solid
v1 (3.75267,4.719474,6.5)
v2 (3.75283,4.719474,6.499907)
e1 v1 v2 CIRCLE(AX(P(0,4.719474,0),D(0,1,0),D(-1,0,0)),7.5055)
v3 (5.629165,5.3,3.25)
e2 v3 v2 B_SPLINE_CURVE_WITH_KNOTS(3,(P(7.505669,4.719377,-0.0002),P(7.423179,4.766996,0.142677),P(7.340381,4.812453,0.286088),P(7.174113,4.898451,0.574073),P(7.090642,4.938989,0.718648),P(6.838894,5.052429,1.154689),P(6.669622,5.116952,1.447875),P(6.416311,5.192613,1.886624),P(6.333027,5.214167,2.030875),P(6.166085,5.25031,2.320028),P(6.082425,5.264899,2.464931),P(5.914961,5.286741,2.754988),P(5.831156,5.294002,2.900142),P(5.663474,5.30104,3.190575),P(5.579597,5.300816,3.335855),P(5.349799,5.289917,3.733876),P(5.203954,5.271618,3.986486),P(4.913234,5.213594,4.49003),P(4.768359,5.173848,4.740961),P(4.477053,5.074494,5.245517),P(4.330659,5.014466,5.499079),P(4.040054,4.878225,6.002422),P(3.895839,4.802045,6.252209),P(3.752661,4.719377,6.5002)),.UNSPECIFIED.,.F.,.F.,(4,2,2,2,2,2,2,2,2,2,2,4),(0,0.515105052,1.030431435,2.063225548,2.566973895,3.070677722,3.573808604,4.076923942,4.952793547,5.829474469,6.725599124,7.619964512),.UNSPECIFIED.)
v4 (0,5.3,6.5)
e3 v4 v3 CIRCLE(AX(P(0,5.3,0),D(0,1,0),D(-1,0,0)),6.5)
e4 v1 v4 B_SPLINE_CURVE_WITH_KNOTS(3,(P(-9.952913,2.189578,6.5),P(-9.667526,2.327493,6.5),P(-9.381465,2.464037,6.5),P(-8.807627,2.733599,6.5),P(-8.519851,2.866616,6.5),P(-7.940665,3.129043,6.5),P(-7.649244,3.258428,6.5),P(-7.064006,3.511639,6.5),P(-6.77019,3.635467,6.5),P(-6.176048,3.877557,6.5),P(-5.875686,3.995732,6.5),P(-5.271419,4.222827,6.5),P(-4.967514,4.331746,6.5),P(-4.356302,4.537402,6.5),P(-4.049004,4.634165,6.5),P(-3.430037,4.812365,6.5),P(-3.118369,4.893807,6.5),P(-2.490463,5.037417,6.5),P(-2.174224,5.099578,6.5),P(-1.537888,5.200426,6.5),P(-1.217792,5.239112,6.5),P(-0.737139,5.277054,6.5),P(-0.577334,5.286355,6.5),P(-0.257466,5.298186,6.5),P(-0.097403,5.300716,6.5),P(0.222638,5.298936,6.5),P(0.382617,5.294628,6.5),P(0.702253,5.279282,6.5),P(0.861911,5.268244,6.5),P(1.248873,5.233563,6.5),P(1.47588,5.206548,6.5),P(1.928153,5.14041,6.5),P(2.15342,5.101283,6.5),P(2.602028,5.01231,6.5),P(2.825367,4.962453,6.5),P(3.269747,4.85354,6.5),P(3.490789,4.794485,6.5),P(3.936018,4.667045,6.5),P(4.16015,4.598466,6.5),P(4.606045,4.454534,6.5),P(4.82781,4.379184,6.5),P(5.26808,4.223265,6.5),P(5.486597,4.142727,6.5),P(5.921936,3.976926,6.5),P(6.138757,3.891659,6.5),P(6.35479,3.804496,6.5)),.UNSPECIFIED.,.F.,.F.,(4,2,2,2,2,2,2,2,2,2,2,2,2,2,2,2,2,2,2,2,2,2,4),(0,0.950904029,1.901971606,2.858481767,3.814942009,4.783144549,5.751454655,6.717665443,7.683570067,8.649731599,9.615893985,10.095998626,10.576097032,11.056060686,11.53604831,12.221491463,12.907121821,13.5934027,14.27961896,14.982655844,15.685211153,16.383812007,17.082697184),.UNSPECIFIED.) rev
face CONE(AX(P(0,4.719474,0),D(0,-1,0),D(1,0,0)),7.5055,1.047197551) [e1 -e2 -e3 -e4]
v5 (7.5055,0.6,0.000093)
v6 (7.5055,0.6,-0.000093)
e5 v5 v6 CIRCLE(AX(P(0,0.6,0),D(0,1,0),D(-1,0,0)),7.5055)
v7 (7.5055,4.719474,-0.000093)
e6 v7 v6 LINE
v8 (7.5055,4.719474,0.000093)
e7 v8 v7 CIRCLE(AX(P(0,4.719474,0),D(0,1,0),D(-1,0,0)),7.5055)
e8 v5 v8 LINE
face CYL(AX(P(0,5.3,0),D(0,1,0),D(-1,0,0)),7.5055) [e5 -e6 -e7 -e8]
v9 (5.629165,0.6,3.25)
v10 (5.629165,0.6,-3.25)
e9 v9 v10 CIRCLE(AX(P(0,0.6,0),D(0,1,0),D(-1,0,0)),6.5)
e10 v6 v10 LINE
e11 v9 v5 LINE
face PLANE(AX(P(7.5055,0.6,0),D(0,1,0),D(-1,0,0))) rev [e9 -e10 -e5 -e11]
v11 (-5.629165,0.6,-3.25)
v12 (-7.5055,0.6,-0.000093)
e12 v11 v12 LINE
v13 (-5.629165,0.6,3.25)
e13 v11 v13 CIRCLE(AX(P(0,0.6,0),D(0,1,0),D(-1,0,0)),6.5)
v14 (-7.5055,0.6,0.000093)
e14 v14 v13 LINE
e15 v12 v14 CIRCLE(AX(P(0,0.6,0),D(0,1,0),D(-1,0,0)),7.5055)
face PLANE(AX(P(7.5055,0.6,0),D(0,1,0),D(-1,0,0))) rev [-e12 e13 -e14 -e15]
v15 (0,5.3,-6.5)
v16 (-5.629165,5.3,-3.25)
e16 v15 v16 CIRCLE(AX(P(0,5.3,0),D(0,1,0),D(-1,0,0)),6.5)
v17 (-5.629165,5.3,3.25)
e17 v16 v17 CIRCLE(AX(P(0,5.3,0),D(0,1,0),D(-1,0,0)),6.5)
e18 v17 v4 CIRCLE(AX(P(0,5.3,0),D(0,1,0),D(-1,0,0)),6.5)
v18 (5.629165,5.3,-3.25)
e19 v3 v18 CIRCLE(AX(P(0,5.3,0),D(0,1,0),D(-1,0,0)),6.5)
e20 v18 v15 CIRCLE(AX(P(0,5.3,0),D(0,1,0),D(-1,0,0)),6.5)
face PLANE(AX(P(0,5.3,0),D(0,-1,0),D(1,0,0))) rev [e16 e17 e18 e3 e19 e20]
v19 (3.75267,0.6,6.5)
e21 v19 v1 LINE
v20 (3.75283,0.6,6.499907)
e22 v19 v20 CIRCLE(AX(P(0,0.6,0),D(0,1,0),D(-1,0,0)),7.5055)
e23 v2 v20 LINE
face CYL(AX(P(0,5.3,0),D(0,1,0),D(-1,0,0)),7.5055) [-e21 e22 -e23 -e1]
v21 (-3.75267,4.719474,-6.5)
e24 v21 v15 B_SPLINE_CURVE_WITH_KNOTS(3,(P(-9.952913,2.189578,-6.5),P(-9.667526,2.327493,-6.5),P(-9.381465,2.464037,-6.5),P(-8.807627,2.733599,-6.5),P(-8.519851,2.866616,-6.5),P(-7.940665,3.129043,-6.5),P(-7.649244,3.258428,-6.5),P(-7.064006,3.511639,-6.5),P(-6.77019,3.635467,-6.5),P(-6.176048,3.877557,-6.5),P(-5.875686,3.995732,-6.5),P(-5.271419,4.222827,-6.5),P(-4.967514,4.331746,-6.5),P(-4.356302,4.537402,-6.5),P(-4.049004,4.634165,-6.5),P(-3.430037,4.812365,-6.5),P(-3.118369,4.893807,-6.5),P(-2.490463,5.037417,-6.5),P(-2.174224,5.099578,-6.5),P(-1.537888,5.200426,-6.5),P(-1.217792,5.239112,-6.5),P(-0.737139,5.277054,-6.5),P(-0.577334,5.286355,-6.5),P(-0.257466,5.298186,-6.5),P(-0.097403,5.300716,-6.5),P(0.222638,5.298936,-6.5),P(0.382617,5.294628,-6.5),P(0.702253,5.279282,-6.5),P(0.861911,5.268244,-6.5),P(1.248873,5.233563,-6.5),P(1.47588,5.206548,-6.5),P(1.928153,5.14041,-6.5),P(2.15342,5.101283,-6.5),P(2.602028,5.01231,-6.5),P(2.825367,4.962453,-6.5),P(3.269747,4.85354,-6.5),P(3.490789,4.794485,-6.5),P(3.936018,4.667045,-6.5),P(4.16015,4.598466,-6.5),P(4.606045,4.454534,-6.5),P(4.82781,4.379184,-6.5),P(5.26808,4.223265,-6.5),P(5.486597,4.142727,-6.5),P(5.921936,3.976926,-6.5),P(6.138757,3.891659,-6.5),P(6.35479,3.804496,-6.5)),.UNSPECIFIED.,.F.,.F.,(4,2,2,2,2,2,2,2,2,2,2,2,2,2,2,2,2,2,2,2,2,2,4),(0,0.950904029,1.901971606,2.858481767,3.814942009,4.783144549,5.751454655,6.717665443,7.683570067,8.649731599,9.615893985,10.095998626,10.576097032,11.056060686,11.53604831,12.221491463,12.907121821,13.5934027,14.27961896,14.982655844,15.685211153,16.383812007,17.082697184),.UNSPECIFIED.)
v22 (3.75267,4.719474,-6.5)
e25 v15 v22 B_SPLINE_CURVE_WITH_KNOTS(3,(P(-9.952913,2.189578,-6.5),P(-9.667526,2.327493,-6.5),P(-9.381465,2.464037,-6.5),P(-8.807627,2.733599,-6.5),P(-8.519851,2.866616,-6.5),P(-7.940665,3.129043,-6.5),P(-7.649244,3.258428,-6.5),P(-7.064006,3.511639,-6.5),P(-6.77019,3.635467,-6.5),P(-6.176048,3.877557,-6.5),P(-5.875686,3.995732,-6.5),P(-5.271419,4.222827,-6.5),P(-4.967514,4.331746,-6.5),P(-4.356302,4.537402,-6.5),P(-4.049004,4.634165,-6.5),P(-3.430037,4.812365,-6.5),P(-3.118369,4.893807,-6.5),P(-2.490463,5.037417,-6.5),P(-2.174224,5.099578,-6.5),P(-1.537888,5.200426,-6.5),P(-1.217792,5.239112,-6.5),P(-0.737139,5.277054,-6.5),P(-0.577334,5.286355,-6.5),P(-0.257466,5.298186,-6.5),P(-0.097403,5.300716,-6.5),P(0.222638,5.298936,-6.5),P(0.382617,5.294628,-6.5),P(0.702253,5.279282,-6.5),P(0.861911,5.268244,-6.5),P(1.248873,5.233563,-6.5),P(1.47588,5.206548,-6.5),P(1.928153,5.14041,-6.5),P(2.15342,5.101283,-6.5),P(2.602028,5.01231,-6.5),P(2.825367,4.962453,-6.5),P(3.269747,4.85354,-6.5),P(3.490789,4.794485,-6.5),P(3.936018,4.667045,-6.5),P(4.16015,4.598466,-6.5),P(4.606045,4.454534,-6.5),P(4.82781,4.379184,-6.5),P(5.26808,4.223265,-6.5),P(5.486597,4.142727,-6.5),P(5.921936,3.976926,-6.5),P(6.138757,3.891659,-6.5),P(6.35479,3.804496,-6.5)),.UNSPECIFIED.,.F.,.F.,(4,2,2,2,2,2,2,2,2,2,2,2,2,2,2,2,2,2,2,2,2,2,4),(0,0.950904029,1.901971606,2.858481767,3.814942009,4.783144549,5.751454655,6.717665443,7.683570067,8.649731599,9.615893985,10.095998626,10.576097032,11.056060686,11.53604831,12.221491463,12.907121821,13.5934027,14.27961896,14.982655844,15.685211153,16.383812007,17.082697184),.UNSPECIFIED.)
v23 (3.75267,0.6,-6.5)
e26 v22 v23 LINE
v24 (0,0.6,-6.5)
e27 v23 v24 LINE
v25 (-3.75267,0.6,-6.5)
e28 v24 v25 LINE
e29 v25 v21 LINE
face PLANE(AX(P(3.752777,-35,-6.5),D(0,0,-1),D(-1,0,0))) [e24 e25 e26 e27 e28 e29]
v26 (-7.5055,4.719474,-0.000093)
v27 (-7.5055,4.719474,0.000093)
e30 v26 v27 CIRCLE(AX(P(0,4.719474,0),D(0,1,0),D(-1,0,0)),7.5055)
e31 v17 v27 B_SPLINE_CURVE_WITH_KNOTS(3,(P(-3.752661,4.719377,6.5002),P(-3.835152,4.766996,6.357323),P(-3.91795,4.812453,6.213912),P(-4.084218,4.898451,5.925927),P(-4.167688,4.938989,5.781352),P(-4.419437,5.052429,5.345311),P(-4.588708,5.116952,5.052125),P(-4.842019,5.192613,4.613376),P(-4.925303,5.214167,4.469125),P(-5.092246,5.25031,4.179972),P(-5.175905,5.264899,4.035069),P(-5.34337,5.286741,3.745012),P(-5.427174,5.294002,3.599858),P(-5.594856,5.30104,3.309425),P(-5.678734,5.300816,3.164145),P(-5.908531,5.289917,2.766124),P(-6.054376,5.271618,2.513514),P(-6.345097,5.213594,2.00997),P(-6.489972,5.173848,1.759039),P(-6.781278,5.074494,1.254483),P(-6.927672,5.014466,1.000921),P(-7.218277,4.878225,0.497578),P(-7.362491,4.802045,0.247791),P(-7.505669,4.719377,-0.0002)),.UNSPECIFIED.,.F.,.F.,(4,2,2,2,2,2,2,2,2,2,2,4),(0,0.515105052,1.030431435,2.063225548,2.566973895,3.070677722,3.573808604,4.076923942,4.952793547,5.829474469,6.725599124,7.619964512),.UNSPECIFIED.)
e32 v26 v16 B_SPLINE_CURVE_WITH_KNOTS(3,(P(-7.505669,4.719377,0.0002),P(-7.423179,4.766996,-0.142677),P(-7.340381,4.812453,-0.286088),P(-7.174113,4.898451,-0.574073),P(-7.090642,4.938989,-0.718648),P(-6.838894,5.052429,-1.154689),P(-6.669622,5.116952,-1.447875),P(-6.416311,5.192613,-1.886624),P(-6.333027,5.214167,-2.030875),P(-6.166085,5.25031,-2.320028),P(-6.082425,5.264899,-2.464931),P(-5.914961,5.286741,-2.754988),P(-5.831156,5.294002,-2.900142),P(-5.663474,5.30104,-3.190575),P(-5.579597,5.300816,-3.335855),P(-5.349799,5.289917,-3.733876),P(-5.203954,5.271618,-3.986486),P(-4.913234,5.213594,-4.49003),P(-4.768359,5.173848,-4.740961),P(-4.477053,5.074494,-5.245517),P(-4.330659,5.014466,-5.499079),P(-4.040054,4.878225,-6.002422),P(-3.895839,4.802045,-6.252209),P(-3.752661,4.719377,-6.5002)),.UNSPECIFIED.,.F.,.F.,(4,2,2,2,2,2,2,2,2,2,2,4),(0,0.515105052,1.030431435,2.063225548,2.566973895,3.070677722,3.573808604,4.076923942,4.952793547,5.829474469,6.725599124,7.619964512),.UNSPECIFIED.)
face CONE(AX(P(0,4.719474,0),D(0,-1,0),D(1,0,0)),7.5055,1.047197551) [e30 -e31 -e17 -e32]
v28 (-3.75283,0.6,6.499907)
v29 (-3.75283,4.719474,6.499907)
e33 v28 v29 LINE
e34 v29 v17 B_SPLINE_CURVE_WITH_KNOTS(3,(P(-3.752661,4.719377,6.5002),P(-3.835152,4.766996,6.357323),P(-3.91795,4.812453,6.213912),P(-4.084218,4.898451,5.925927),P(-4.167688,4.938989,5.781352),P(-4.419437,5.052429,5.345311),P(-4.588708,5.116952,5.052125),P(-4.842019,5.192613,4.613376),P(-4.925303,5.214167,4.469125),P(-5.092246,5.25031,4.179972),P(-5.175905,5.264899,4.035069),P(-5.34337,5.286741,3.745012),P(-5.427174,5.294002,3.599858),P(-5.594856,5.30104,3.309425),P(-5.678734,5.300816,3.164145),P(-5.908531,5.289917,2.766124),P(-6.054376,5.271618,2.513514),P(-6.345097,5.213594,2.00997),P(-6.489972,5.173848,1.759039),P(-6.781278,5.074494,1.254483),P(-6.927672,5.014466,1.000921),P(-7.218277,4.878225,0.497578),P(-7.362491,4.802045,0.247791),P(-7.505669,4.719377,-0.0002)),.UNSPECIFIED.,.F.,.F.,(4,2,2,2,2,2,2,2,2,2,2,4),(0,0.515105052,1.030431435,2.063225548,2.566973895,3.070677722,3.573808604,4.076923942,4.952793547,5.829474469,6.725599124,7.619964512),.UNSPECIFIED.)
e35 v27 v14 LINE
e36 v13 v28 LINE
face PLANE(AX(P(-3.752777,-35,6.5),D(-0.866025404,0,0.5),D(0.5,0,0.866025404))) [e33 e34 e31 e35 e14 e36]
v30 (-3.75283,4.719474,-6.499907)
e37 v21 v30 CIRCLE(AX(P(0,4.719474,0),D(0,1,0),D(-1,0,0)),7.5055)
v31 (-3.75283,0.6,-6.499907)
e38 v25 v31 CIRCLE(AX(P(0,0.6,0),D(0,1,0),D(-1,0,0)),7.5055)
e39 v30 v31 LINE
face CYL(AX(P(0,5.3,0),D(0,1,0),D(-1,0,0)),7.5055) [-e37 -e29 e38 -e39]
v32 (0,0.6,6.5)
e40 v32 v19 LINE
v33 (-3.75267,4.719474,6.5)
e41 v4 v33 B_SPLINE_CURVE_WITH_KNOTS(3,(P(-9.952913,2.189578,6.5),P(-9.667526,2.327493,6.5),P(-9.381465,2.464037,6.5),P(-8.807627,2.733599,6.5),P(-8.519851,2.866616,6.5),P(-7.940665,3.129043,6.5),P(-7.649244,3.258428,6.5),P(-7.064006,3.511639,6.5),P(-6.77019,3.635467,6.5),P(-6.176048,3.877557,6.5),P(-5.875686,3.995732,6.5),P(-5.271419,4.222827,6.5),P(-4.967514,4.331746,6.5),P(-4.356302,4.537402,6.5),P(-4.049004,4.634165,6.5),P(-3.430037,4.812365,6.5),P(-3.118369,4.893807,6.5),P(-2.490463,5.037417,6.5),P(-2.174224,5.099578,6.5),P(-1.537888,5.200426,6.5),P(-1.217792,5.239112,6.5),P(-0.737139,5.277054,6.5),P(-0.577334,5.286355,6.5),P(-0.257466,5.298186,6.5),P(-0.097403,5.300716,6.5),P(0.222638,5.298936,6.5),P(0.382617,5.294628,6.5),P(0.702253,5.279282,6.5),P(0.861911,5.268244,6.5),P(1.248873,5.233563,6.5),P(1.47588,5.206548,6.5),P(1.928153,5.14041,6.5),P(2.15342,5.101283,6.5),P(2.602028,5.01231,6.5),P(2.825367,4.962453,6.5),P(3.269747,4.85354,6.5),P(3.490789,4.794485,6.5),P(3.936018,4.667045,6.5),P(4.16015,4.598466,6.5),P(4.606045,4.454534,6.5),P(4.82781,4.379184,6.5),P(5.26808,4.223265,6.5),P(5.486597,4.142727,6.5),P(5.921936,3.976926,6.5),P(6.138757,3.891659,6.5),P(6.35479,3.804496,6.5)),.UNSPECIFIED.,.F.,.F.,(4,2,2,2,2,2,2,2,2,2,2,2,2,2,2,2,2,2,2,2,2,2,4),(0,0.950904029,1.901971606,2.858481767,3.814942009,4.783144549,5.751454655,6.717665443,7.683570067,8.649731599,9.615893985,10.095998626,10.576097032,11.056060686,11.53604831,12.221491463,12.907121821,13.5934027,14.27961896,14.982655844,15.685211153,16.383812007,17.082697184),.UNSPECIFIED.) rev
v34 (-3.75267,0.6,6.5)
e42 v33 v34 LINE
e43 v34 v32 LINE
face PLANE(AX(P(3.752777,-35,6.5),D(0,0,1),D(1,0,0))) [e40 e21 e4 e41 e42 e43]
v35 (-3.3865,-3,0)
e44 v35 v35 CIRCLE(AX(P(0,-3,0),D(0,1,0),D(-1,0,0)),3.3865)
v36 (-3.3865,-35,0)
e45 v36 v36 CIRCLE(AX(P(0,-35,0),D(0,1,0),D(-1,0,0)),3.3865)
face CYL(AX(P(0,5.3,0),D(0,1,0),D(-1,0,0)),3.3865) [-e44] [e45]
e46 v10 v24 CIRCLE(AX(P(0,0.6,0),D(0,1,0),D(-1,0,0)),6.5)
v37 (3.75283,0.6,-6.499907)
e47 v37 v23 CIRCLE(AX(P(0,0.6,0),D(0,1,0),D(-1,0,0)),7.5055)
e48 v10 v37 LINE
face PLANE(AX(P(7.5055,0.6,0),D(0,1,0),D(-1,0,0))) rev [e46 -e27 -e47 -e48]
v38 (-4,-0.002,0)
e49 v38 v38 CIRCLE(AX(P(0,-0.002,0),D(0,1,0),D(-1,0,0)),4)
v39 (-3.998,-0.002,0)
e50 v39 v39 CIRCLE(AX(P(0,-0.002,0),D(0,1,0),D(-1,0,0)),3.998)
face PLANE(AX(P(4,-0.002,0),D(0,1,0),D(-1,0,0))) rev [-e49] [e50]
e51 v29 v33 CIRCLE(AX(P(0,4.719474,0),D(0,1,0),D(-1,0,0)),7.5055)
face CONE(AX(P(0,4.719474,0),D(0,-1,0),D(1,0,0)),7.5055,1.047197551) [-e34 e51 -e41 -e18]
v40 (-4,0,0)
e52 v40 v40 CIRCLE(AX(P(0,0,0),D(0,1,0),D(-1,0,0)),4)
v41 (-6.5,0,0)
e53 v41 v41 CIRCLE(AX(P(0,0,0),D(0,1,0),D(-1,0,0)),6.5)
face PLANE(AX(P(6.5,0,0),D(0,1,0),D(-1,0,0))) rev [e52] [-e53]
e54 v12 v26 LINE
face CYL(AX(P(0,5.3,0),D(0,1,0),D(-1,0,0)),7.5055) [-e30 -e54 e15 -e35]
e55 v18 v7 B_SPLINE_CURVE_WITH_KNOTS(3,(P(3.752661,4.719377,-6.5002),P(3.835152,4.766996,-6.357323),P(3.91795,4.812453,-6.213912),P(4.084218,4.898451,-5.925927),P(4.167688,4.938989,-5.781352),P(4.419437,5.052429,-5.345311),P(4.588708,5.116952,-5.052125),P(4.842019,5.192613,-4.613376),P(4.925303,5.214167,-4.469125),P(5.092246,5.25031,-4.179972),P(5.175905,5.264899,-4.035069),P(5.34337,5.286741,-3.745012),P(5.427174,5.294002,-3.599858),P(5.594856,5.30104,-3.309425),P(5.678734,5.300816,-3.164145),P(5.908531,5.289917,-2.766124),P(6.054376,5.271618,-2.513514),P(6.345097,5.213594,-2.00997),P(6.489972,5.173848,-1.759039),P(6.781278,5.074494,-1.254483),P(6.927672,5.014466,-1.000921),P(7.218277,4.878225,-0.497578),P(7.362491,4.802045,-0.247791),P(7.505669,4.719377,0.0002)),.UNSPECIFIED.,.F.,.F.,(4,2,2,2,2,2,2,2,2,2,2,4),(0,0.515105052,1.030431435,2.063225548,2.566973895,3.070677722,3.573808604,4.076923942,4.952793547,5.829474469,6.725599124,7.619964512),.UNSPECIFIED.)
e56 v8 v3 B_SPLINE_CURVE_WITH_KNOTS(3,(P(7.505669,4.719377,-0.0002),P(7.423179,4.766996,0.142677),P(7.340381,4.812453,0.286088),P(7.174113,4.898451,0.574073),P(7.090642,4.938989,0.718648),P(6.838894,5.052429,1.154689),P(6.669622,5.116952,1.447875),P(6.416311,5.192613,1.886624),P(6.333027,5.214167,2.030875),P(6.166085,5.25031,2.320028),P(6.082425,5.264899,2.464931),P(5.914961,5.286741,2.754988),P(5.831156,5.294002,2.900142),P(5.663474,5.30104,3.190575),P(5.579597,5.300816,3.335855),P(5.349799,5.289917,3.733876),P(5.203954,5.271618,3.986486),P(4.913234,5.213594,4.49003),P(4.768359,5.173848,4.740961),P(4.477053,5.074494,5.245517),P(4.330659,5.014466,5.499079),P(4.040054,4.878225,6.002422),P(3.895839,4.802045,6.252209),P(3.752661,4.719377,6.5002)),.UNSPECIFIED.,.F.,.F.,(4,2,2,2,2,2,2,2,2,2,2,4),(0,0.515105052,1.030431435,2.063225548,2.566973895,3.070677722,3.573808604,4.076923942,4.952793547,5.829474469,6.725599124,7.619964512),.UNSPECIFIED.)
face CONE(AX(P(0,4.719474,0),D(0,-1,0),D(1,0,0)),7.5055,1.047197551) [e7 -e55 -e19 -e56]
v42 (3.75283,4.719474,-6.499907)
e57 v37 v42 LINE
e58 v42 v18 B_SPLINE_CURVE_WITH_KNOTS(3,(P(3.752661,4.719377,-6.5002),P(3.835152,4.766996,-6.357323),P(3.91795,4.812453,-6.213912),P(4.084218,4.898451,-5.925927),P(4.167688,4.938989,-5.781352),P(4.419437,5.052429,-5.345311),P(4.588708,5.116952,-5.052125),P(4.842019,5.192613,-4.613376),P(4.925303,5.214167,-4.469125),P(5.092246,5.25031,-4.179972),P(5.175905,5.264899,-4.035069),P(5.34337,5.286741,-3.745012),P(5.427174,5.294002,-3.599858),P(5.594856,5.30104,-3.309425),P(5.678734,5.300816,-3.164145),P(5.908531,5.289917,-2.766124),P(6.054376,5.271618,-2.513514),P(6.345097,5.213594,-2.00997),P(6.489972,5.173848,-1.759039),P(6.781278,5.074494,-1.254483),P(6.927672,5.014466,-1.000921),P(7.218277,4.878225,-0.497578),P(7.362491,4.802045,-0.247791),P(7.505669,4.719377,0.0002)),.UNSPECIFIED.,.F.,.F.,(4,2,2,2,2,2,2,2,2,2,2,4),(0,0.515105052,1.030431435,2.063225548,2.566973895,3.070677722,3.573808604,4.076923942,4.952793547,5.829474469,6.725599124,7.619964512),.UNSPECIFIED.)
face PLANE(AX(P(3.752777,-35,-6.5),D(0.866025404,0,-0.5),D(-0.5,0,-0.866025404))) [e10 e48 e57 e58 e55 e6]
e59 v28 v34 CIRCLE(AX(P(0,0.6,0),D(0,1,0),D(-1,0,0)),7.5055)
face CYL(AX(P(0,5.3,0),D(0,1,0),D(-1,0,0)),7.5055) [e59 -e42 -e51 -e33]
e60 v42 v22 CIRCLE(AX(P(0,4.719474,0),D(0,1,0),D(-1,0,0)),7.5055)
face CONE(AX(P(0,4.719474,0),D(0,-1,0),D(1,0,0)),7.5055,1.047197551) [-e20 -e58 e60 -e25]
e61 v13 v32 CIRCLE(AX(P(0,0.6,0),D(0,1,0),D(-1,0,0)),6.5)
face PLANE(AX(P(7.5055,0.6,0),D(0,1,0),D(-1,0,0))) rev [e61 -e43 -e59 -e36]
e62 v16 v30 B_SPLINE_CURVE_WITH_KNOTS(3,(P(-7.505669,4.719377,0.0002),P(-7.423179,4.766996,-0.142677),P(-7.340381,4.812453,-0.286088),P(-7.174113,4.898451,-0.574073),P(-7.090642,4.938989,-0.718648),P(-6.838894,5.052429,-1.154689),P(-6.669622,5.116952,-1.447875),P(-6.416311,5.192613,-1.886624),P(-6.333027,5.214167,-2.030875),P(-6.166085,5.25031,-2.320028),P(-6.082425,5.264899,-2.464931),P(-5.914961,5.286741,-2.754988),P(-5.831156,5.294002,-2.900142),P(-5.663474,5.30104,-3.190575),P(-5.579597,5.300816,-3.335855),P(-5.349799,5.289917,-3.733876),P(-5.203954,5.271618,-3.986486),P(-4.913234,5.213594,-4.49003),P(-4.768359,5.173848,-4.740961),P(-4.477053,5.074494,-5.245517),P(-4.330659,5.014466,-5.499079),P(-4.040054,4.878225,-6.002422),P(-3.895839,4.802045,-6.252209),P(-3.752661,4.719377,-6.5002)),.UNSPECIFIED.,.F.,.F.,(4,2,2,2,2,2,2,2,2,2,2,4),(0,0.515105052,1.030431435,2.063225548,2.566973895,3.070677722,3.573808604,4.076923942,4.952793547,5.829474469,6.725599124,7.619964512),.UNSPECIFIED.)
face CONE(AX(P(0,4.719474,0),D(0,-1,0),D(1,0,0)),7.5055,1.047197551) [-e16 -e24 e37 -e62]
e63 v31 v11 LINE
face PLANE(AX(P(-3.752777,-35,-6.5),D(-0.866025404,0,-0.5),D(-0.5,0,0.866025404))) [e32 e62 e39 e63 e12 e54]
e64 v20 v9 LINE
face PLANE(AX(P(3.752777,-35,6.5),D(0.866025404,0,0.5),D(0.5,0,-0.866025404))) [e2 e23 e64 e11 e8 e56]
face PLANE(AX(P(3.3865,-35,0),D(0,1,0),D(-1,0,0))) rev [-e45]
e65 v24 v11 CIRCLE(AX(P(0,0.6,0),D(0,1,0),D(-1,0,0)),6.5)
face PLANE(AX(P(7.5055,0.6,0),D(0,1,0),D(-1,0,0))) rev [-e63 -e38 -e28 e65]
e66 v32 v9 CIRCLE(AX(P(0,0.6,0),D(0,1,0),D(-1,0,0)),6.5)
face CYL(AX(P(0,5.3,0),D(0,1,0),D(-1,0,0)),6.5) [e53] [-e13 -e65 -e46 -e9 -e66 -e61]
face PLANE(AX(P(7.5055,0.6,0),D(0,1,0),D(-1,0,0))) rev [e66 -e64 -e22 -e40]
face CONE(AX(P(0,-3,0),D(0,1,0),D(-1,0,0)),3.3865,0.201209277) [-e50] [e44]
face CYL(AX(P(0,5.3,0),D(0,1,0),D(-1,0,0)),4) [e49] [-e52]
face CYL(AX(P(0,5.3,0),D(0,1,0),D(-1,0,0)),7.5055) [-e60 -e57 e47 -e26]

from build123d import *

# Parameters (mm, degrees)
SKIZZE2_OUTSIDE_W               = 26.122
SKIZZE2_OUTSIDE_H               = 26.122
SCHNITT_LINEAR_AUSTRAGEN1_DEPTH = 42.674393343


with BuildPart() as part:
    # Skizze1 → Basis-Rotation (revolve)
    with BuildSketch(Plane.XY, mode=Mode.PRIVATE) as basis_rotation_sk:
        Polygon((0, 5.3), (0, -35), (3.3865, -35), (3.3865, -3), (3.998, -0.002), (4, -0.002), (4, 0), (6.5, 0), (6.5, 0.6), (7.5055, 0.6), (7.5055, 4.719474304), (6.5, 5.3), align=None)
    revolve(basis_rotation_sk.sketch.rotate(Axis((0, 5.3, 0), (0, -1, 0)), 180), axis=Axis((0, 5.3, 0), (0, -1, 0)))

    # Skizze2 outside → Schnitt-Linear austragen1 (cut, through all)
    with BuildSketch(Plane(origin=(0, 5.3, 0), x_dir=(-1, 0, 0), z_dir=(0, 1, 0))):
        Rectangle(SKIZZE2_OUTSIDE_W, SKIZZE2_OUTSIDE_H)
        Polygon((-3.75277675, 6.5), (3.75277675, 6.5), (7.505553499, 0), (3.75277675, -6.5), (-3.75277675, -6.5), (-7.505553499, 0), align=None, mode=Mode.SUBTRACT)
    extrude(amount=-SCHNITT_LINEAR_AUSTRAGEN1_DEPTH, mode=Mode.SUBTRACT)


solid = part.part
